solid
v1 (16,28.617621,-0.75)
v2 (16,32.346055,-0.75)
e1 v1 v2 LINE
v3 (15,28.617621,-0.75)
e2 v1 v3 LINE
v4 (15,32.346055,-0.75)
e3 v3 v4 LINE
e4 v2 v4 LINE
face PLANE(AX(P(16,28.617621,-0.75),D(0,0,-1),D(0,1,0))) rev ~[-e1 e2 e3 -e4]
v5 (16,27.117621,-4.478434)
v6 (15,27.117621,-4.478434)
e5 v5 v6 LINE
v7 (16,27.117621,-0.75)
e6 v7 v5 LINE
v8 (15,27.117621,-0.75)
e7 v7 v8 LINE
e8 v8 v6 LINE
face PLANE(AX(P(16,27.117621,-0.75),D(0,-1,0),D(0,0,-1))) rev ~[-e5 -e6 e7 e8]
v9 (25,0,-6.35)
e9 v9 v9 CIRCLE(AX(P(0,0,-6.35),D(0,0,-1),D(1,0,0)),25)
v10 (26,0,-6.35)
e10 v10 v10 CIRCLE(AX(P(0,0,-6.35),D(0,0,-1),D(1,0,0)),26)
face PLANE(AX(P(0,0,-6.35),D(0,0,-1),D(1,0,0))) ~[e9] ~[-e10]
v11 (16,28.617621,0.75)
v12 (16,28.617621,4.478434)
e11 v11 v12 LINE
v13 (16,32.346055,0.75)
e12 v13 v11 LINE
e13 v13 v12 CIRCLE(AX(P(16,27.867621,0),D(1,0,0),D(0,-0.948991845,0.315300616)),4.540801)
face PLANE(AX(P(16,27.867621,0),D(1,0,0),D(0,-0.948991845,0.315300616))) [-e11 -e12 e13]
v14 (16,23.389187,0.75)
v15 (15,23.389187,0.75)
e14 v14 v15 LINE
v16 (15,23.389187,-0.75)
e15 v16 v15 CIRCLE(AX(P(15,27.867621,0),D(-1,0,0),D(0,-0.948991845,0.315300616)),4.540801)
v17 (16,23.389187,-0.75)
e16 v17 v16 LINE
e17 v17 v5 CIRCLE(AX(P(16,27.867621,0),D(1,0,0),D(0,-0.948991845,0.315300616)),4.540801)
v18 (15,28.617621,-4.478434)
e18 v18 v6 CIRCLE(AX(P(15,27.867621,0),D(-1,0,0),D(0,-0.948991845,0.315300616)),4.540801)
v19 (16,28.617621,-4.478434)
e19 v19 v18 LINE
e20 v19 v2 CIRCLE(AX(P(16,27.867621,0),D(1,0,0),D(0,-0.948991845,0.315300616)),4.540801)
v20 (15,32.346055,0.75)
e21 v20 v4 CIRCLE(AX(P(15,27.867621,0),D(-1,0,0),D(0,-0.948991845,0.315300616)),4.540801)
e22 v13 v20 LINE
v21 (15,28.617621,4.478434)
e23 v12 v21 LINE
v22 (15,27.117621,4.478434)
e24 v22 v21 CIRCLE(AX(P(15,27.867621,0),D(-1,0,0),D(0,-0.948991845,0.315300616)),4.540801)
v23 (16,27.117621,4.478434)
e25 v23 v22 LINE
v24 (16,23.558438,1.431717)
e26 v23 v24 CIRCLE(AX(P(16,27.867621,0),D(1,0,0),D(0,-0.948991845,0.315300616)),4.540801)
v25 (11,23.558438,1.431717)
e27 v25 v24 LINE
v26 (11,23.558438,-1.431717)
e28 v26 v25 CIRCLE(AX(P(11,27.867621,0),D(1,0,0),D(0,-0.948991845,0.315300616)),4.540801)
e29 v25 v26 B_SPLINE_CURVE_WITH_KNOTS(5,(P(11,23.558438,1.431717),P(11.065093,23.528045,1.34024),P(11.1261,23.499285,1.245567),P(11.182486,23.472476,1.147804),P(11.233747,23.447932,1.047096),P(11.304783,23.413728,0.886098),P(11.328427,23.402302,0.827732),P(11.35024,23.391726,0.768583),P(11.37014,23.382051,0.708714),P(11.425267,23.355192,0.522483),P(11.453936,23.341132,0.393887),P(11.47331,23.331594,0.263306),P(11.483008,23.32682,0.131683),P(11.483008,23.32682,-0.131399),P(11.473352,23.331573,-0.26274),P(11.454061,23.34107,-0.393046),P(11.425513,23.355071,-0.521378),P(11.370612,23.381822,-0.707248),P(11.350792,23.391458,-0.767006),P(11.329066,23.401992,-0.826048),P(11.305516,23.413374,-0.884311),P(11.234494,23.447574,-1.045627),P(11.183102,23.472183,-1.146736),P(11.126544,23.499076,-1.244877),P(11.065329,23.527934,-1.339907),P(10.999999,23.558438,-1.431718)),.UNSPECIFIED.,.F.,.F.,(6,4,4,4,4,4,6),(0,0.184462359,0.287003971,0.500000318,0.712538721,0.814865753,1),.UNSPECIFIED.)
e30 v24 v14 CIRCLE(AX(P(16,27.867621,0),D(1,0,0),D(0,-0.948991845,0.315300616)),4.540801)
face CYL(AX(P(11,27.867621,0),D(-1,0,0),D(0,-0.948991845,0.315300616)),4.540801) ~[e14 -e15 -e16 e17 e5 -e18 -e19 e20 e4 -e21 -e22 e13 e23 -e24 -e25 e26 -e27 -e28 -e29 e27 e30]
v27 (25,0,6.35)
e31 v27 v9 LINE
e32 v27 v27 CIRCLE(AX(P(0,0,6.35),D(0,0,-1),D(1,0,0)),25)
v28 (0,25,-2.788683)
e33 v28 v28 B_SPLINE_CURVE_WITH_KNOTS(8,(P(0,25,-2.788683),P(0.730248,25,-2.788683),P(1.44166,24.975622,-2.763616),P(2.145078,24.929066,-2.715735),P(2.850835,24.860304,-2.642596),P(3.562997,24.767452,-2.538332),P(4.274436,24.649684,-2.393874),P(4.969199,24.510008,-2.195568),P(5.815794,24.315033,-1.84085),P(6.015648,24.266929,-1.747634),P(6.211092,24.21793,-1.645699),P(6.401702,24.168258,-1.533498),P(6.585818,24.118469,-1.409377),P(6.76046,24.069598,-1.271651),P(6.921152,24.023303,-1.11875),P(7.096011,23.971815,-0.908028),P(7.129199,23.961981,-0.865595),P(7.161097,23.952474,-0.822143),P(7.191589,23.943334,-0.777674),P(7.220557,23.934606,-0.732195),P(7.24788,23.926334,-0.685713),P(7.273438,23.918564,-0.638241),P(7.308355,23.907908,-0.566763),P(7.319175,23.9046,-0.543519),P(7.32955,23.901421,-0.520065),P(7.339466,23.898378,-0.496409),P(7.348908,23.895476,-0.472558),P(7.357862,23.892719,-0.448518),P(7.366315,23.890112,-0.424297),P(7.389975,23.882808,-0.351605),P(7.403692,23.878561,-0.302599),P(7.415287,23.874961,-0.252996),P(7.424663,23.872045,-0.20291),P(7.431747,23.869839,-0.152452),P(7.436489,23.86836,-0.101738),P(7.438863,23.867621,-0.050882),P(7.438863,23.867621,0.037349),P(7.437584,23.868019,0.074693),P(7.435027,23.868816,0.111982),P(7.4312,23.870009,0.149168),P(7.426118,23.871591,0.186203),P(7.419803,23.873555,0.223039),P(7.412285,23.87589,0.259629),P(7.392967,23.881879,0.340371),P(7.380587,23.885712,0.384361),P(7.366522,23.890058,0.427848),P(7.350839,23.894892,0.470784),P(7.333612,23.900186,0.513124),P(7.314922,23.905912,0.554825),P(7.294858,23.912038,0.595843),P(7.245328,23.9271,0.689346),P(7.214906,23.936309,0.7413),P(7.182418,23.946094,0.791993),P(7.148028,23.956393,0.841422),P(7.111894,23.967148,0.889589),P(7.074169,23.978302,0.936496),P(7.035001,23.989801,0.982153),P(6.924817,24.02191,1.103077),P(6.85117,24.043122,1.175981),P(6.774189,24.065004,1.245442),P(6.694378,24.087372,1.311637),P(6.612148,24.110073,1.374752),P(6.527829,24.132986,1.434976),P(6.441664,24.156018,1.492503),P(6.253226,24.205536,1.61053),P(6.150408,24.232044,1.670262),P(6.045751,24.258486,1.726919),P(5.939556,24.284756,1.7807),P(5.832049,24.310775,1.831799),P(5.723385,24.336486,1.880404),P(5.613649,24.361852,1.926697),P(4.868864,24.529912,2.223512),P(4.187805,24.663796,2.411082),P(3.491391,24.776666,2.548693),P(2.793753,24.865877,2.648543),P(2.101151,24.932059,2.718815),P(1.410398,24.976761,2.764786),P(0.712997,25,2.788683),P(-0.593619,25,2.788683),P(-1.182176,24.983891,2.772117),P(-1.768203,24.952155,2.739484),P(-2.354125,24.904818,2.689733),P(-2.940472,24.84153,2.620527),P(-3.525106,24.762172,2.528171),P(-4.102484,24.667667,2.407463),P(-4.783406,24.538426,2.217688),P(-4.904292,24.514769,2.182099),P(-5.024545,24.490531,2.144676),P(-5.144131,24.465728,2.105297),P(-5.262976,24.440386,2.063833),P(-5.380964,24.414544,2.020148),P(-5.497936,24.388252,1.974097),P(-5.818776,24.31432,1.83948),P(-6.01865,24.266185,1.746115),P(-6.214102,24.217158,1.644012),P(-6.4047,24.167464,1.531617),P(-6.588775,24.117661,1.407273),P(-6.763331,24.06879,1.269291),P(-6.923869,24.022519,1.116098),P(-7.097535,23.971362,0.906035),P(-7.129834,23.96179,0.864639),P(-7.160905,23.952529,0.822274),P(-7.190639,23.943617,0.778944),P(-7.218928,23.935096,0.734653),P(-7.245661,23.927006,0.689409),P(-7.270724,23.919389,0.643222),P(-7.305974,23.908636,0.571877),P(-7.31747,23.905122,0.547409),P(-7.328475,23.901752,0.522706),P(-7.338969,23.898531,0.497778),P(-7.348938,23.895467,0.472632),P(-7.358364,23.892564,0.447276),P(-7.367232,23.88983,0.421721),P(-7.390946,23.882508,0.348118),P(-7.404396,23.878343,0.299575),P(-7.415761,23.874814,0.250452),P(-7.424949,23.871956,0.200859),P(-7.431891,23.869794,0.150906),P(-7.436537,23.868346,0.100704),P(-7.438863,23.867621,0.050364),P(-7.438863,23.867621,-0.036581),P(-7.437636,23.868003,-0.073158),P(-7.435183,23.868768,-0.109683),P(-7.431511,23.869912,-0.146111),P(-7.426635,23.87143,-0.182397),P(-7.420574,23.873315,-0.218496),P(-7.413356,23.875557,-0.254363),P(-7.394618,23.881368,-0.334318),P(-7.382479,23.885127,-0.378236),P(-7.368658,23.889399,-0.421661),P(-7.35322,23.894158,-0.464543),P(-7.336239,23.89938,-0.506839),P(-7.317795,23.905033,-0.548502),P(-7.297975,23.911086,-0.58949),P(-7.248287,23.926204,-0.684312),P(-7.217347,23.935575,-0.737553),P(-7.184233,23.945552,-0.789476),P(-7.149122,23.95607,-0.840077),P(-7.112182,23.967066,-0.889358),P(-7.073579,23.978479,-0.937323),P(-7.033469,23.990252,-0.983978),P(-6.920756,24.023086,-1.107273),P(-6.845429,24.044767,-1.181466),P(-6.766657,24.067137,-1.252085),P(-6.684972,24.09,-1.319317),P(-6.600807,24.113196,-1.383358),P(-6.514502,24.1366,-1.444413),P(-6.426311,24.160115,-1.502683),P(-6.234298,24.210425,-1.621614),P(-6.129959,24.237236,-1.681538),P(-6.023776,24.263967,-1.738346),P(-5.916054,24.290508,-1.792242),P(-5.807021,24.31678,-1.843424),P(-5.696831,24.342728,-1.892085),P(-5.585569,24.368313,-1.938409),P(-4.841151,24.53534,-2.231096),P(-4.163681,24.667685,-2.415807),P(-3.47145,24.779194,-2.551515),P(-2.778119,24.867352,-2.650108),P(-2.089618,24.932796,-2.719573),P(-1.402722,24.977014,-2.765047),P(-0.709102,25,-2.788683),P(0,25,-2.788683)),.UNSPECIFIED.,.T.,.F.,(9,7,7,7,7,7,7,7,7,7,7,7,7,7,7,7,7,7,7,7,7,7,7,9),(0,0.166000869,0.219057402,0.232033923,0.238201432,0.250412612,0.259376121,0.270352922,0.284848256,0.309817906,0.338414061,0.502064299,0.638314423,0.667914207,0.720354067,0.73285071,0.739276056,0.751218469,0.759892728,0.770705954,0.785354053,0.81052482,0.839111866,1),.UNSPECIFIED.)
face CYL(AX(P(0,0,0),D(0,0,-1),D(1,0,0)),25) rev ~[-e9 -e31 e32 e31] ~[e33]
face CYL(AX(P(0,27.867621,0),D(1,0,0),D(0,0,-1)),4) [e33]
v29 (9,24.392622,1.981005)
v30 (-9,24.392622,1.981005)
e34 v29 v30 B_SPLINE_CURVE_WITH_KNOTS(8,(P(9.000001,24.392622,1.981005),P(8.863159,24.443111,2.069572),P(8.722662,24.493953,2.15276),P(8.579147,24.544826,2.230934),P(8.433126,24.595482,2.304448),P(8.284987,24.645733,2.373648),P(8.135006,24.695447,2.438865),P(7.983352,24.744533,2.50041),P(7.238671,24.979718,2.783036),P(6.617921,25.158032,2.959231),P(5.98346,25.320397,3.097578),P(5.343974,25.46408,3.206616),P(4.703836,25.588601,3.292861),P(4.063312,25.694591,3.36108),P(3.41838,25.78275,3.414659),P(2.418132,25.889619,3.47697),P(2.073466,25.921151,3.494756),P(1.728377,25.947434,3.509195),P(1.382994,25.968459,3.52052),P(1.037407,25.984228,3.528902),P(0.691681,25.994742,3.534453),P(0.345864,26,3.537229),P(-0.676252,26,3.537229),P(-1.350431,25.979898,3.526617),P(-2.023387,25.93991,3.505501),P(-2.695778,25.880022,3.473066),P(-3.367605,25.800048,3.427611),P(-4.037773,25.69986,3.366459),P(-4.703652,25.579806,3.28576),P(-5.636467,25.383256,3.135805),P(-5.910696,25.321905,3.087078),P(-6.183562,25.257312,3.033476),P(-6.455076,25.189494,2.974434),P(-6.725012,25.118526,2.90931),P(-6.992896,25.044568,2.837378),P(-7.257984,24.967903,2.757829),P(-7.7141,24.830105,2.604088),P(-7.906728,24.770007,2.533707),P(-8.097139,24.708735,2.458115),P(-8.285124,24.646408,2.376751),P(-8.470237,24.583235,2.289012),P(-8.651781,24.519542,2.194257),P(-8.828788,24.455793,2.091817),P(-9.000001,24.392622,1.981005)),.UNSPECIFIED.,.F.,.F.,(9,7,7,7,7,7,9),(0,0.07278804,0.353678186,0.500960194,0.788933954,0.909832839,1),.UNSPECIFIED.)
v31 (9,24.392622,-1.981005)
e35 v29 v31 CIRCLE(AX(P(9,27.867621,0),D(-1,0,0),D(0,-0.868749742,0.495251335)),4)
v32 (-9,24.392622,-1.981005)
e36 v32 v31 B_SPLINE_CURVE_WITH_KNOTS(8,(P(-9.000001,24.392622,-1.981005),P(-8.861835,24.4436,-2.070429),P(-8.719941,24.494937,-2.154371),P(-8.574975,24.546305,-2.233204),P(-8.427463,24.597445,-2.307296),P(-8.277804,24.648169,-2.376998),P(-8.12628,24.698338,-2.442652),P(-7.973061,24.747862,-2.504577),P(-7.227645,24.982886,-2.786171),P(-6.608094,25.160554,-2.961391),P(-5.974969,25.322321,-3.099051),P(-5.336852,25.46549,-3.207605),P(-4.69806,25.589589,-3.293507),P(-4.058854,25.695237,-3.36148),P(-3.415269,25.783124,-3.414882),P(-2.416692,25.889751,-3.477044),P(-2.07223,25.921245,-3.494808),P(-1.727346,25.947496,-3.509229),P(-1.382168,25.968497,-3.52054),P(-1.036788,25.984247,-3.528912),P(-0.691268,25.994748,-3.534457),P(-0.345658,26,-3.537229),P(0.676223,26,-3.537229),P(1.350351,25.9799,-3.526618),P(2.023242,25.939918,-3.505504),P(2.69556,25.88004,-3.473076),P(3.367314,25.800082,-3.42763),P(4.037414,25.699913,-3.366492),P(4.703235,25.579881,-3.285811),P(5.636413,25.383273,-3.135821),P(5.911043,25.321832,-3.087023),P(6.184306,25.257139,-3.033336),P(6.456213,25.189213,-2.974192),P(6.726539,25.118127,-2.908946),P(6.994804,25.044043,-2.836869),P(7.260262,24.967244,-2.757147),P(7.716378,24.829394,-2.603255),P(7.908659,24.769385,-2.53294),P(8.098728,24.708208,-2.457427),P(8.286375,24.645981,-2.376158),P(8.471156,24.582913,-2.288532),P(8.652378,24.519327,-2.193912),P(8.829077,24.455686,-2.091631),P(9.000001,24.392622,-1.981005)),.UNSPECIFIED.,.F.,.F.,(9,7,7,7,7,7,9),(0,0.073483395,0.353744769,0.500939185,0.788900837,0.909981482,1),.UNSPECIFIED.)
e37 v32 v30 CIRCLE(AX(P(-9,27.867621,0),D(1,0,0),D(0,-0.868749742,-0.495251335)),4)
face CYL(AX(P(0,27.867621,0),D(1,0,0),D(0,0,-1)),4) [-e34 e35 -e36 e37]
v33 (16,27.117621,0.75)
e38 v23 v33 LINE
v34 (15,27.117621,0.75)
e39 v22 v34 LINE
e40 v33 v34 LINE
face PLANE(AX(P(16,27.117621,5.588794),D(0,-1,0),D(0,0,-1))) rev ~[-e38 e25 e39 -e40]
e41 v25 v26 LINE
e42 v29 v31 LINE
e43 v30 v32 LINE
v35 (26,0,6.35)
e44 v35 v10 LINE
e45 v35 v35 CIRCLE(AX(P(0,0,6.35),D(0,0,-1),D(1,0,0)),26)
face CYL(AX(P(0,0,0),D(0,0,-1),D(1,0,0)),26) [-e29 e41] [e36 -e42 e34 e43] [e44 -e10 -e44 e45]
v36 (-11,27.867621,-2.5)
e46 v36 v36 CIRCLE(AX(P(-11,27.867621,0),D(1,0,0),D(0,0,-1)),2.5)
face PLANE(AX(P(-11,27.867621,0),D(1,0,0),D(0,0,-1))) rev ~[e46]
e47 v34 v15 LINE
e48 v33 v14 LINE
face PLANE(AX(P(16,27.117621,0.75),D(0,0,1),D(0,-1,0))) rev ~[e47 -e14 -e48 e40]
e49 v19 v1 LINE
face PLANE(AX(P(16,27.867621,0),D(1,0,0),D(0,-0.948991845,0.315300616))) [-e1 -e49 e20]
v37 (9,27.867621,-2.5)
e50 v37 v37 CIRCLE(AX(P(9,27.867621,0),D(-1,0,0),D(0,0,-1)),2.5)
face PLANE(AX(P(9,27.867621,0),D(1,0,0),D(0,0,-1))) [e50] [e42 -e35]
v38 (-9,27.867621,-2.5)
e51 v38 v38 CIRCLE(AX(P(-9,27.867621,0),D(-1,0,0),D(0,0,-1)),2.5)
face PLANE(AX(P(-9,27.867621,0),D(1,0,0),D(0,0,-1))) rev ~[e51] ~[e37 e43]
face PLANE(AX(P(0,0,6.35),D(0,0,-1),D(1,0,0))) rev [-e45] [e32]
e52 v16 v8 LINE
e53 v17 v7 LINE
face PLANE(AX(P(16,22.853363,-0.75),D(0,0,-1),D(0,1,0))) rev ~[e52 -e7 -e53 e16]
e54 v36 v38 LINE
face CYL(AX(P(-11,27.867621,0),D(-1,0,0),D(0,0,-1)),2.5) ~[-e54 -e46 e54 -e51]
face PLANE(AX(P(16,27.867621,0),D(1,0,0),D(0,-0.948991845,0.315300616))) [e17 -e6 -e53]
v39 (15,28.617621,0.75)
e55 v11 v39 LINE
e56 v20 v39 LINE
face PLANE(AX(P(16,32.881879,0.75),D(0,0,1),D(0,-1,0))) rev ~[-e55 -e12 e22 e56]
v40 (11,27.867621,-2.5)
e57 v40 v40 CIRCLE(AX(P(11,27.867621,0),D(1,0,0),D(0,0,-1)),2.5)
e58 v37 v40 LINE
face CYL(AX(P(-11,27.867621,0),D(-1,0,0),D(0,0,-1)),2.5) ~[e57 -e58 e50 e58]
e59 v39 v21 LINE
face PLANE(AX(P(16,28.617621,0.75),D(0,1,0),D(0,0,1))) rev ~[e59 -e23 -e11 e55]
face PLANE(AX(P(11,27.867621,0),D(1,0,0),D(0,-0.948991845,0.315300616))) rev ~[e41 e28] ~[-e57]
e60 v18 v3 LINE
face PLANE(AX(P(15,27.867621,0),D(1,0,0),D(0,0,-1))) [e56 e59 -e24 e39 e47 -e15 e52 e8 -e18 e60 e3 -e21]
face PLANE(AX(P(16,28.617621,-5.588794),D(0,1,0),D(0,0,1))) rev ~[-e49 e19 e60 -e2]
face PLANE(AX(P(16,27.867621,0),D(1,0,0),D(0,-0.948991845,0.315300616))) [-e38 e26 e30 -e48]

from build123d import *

# Parameters (mm, degrees)
SKETCH1_W                = 12.7
SKETCH1_H                = 1
SKETCH2_R                = 4
BOSS_EXTRUDE1_DEPTH      = 9
BOSS_EXTRUDE2_DEPTH      = 2
BOSS_EXTRUDE2_DEPTH_BACK = 20
SKETCH3_R                = 2.5
SKETCH4_R                = 4.540800692
BOSS_EXTRUDE3_DEPTH      = 5
CUT_EXTRUDE1_DEPTH       = 1


with BuildPart() as part:
    # Sketch1 → Revolve1 (revolve)
    with BuildSketch(Plane(origin=(0, 0, 0), x_dir=(0, 0, -1), z_dir=(1, 0, 0)), mode=Mode.PRIVATE) as revolve1_sk:
        with Locations((0, 25.5)):
            Rectangle(SKETCH1_W, SKETCH1_H)
    revolve(revolve1_sk.sketch.rotate(Axis((0, 0, 0), (0, 0, -1)), 90), axis=Axis((0, 0, 0), (0, 0, -1)))

    # Sketch2 → Boss-Extrude1 (add, symmetric)
    with BuildSketch(Plane(origin=(0, 0, 0), x_dir=(0, 0, -1), z_dir=(1, 0, 0))):
        with Locations((0, 27.867620805)):
            Circle(SKETCH2_R)
    extrude(amount=BOSS_EXTRUDE1_DEPTH, both=True)

    # Sketch3 → Boss-Extrude2 (add, two sides: drawn at the far end of the back side and taken through both)
    with BuildSketch(Plane(origin=(9, 0, 0), x_dir=(0, 0, -1), z_dir=(1, 0, 0)).offset(-BOSS_EXTRUDE2_DEPTH_BACK)):
        with Locations((0, 27.867620805)):
            Circle(SKETCH3_R)
    extrude(amount=BOSS_EXTRUDE2_DEPTH + BOSS_EXTRUDE2_DEPTH_BACK)

    # Sketch4 → Boss-Extrude3 (add)
    with BuildSketch(Plane(origin=(11, 0, 0), x_dir=(0, 0, -1), z_dir=(1, 0, 0))):
        with Locations(Location((0, 27.867620805, 0), (0, 0, 251.621037372))):
            Circle(SKETCH4_R)
    extrude(amount=BOSS_EXTRUDE3_DEPTH)

    # Sketch5 → Cut-Extrude1 (cut)
    with BuildSketch(Plane(origin=(16, 0, 0), x_dir=(0, 0, -1), z_dir=(1, 0, 0))):
        Polygon((0.75, 27.117620805), (5.588794468, 27.117620805), (5.588794468, 28.617620805), (0.75, 28.617620805), (0.75, 32.881878849), (-0.75, 32.881878849), (-0.75, 28.617620805), (-5.588794468, 28.617620805), (-5.588794468, 27.117620805), (-0.75, 27.117620805), (-0.75, 22.853362761), (0.75, 22.853362761), align=None)
    extrude(amount=-CUT_EXTRUDE1_DEPTH, mode=Mode.SUBTRACT)


solid = part.part
